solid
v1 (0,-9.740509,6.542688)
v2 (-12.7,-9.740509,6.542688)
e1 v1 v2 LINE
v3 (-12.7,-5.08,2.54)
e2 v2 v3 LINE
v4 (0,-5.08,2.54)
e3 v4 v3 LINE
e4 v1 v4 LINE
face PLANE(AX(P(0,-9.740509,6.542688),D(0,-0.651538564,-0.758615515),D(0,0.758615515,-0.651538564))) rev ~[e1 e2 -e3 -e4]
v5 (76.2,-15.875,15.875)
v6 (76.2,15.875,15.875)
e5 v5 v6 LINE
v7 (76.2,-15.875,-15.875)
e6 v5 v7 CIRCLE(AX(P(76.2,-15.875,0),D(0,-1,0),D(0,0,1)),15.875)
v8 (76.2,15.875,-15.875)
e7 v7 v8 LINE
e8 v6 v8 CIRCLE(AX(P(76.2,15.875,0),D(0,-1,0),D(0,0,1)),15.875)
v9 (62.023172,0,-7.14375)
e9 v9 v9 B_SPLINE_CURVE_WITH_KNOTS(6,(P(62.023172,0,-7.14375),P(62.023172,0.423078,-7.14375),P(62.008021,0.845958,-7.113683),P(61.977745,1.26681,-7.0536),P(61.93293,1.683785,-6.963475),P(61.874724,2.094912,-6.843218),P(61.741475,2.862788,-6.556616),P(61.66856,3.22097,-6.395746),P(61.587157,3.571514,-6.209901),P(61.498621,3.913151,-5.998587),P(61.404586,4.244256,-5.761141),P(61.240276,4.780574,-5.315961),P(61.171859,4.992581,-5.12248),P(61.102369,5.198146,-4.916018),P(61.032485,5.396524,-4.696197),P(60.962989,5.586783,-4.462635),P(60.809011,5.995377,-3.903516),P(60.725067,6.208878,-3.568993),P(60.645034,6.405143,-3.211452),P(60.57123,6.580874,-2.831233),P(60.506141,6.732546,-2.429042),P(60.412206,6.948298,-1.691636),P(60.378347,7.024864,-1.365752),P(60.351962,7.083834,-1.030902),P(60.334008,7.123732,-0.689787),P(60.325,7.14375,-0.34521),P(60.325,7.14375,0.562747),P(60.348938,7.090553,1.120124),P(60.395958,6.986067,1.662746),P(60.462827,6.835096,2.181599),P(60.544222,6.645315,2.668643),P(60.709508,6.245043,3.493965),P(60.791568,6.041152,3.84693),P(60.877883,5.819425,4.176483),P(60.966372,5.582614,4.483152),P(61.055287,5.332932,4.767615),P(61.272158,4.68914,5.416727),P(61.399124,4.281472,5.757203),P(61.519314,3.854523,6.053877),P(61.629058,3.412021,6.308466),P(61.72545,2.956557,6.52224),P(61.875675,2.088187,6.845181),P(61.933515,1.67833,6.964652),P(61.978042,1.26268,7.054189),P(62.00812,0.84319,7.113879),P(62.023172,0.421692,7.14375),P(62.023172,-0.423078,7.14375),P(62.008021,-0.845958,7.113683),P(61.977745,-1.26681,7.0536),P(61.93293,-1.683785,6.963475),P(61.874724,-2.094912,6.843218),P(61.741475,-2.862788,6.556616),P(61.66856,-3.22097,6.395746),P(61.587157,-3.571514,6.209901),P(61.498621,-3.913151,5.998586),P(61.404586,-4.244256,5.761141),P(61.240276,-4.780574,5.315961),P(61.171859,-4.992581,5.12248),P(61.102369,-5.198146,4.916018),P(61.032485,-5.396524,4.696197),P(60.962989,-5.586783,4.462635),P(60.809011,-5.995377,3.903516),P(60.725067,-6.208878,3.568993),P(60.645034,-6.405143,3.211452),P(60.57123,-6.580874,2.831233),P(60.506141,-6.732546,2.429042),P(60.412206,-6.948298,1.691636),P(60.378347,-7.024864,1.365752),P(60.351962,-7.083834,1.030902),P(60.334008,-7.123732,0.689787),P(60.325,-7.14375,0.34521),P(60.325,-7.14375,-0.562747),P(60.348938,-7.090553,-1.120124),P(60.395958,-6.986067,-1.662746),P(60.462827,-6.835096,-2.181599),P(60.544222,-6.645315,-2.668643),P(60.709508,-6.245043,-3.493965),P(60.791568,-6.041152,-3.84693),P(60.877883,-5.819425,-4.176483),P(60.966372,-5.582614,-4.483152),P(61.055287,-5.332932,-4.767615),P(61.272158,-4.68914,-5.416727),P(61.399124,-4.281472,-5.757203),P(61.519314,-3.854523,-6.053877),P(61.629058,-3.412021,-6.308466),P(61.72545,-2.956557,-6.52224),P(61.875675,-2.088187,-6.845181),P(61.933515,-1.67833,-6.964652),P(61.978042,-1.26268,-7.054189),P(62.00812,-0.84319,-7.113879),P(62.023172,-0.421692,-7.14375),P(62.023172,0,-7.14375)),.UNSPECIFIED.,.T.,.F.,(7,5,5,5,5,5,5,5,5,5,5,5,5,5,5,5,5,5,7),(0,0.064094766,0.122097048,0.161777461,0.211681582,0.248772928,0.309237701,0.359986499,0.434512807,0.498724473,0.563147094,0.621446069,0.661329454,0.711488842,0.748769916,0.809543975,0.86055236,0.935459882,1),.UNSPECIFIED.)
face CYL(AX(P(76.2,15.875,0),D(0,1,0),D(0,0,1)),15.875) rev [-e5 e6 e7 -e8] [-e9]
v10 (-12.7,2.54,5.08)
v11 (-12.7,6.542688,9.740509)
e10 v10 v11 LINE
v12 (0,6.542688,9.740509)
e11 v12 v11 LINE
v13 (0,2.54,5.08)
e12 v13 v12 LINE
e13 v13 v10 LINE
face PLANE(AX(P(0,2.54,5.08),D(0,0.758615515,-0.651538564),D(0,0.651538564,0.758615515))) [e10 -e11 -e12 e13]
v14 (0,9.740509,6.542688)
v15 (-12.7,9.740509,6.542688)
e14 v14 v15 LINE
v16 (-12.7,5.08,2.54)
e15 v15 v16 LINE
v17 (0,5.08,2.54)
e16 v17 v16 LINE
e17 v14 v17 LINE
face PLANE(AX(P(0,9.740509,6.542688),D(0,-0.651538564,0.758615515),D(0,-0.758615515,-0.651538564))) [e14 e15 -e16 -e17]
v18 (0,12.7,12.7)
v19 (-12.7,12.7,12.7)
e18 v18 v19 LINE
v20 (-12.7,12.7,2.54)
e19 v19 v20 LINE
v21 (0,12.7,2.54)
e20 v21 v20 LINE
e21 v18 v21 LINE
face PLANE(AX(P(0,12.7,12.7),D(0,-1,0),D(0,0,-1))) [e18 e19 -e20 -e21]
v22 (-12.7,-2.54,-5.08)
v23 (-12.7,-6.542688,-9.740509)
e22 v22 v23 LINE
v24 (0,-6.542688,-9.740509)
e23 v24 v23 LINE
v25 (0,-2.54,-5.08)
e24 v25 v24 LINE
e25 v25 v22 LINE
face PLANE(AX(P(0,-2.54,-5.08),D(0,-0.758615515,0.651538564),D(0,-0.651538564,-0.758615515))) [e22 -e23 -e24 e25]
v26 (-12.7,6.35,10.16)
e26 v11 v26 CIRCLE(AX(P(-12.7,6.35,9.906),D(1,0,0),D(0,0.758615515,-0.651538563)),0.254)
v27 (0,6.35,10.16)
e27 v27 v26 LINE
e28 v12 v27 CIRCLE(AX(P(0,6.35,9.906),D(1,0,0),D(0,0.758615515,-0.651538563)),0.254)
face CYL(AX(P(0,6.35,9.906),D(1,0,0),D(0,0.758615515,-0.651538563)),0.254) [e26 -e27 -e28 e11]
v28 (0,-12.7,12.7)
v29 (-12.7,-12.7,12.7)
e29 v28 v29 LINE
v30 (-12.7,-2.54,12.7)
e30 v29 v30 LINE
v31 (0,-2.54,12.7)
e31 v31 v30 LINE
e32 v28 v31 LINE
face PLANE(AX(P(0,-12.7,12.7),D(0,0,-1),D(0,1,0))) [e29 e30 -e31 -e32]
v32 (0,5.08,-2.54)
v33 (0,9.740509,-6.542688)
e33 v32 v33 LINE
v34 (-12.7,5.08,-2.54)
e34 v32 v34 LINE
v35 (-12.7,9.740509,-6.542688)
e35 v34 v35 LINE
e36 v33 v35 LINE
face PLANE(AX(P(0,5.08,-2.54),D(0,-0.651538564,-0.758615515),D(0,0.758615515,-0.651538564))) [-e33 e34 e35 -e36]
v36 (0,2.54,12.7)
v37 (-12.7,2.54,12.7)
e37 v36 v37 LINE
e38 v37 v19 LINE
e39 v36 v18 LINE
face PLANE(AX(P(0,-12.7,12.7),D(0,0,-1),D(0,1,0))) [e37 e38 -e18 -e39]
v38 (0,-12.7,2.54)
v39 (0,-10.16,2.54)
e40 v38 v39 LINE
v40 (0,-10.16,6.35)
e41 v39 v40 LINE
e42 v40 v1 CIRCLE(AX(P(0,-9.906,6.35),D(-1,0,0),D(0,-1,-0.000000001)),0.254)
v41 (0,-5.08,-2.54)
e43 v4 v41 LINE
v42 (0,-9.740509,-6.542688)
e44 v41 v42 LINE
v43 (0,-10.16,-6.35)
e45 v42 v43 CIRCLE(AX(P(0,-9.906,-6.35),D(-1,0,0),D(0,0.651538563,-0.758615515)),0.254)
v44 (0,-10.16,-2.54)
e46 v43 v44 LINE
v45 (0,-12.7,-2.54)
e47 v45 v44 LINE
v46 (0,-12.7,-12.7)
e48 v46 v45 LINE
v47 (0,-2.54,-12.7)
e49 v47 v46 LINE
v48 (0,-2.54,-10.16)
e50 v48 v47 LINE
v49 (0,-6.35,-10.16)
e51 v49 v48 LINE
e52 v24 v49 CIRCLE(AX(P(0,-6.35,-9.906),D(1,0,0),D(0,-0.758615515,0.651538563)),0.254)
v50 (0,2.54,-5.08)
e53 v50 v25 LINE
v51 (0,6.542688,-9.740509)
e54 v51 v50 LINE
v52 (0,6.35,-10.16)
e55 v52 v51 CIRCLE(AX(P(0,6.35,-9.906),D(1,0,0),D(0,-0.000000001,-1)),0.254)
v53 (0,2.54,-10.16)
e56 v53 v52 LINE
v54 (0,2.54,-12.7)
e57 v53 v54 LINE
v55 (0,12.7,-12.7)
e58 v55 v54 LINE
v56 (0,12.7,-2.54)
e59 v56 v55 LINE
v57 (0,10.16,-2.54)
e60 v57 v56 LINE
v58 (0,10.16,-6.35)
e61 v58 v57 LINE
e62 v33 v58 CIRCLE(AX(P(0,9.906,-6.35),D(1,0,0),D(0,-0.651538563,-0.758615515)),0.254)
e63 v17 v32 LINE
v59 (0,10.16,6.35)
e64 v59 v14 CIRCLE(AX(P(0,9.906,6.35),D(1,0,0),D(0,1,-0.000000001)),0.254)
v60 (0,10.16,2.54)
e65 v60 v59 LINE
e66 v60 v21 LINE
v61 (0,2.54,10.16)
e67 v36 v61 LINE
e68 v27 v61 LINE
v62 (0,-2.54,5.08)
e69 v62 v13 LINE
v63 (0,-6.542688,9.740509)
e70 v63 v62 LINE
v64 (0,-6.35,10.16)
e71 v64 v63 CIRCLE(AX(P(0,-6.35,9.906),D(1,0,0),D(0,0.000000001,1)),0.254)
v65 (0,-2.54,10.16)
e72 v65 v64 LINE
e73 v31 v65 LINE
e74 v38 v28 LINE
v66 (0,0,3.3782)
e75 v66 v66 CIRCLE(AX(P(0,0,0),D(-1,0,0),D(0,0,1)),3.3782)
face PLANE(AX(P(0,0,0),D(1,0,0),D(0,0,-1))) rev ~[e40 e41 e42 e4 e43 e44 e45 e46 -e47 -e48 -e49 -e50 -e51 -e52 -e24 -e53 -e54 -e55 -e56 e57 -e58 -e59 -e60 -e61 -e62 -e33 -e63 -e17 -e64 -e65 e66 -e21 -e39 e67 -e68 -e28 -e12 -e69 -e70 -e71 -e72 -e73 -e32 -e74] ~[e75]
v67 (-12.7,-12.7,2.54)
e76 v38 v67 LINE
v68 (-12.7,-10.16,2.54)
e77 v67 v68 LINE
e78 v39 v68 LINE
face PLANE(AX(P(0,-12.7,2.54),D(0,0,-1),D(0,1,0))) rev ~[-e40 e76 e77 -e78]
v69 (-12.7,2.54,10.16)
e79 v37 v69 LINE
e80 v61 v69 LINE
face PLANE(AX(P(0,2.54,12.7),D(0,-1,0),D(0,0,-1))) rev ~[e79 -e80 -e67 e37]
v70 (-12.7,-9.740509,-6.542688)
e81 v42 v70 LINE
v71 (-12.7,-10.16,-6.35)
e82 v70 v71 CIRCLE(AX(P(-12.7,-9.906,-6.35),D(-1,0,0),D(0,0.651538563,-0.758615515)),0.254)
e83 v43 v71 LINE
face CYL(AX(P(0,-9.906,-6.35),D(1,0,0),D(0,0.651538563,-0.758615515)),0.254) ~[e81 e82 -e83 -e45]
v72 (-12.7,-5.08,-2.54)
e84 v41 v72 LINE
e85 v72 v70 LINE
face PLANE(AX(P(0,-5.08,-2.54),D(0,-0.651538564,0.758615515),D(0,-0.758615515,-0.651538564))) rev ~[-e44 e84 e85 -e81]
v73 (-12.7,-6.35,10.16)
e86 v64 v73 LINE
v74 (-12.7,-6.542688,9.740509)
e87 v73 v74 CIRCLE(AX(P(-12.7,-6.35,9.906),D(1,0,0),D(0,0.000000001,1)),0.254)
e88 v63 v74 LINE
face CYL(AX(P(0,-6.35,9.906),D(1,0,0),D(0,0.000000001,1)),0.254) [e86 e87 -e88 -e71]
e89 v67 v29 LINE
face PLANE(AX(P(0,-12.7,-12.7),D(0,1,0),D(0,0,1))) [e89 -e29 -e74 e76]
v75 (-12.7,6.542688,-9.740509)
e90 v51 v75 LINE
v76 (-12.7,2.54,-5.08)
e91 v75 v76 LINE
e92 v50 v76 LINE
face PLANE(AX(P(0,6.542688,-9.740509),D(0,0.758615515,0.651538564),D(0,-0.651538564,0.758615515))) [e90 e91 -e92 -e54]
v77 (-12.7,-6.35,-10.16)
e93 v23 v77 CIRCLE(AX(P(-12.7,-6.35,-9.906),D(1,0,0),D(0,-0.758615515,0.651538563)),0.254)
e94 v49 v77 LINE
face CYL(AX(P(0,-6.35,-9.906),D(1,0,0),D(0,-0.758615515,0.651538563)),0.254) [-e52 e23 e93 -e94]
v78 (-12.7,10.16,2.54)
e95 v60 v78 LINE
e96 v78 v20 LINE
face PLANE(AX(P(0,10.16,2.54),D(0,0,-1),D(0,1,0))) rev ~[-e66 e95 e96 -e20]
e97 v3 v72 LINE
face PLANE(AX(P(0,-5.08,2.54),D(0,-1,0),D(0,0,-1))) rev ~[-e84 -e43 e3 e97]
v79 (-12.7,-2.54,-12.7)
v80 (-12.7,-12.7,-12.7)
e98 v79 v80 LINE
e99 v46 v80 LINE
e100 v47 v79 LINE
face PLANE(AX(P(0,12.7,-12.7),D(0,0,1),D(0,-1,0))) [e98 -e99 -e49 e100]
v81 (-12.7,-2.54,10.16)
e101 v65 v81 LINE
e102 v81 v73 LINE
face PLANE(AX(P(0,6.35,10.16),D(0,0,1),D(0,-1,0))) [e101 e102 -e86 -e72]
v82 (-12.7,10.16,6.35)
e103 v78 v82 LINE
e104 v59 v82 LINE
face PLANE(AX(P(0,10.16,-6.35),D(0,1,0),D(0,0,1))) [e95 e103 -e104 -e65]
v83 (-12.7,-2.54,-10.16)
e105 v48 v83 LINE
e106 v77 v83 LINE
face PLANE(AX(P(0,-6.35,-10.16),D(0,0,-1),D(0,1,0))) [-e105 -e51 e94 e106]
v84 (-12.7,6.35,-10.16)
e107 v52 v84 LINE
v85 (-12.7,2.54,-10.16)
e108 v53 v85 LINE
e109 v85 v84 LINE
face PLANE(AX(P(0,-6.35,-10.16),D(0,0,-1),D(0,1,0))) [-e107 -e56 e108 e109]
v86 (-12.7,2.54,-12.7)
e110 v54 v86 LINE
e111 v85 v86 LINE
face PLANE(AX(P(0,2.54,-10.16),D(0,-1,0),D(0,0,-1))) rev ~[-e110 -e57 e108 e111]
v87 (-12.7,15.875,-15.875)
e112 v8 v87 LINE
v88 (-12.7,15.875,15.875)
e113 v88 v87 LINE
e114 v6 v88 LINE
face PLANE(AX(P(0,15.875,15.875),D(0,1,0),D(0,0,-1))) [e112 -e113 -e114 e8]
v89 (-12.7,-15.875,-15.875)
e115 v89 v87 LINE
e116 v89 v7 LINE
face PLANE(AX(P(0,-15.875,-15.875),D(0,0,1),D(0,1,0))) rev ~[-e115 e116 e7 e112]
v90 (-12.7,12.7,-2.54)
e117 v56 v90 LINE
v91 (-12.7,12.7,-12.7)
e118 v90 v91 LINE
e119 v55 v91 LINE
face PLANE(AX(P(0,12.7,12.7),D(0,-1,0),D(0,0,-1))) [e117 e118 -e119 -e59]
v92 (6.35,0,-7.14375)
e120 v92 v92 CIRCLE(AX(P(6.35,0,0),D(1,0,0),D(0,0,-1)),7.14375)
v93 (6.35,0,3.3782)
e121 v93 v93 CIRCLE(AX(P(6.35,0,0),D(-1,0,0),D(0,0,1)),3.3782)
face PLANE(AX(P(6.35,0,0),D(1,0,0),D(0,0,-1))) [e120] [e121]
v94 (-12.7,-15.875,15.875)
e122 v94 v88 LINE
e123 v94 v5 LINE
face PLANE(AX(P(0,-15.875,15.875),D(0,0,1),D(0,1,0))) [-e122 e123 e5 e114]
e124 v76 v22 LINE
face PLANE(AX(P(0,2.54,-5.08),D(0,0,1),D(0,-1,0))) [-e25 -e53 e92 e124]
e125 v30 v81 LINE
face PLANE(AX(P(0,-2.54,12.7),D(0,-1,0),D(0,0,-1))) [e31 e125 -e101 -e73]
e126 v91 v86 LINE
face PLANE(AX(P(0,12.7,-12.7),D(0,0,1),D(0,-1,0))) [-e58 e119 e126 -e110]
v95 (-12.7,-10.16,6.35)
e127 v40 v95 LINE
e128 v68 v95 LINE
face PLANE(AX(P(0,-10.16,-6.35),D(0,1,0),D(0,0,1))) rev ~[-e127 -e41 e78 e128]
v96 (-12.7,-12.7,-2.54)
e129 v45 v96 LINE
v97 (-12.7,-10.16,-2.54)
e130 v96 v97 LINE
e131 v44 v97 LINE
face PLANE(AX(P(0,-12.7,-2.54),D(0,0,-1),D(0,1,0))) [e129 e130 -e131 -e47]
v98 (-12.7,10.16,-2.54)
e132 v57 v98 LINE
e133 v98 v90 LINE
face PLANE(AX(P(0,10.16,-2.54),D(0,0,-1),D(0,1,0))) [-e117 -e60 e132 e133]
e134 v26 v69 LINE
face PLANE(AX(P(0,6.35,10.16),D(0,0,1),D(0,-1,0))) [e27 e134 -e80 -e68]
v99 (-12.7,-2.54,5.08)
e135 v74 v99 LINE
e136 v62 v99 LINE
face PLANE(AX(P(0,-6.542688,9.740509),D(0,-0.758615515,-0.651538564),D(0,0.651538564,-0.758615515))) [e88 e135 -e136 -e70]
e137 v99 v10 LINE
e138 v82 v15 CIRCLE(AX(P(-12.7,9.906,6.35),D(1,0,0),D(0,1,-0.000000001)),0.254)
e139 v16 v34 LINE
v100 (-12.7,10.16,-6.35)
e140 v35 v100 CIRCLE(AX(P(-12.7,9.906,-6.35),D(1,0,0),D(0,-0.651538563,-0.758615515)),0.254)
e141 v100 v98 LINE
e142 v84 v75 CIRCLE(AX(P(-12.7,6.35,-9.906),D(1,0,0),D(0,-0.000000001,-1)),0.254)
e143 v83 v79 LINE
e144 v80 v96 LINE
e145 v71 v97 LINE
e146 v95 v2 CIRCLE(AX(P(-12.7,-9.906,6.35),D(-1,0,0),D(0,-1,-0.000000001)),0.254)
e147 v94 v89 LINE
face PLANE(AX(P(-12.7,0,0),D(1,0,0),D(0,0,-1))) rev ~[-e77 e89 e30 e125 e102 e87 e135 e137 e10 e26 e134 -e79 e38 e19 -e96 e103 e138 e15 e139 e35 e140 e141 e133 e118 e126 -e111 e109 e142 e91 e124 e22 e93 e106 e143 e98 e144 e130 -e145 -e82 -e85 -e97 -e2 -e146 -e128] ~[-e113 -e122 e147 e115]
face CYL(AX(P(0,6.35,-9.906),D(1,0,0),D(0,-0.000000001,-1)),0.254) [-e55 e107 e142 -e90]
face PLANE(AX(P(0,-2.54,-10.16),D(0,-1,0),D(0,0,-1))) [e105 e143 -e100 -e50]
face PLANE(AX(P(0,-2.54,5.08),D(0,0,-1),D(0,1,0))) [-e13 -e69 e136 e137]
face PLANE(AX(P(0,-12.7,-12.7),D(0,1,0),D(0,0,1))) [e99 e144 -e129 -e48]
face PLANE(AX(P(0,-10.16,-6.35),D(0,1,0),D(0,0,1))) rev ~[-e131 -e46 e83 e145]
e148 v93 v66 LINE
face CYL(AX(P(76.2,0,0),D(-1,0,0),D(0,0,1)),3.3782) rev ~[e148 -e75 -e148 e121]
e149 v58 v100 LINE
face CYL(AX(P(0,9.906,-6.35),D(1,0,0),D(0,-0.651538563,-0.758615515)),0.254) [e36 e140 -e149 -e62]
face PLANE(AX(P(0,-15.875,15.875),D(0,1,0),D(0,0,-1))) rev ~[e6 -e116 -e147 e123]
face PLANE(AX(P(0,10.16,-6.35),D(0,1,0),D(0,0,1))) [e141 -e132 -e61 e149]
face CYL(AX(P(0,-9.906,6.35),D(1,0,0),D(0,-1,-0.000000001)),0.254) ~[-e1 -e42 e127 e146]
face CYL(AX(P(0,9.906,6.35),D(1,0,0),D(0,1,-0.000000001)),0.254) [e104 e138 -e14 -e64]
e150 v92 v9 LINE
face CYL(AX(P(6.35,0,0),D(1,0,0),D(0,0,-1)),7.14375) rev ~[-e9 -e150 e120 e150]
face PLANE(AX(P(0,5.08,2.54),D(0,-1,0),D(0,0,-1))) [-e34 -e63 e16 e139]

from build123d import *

# Parameters (mm, degrees)
SKETCH10_W                                           = 31.75
SKETCH10_H                                           = 31.75
SKETCH10_W_2                                         = 2.54
SKETCH10_H_2                                         = 5.08
SKETCH10_W_3                                         = 5.08
SKETCH10_H_3                                         = 2.54
BOSS_EXTRUDE3_DEPTH                                  = 12.7
SKETCH11_W                                           = 31.75
SKETCH11_H                                           = 31.75
BOSS_EXTRUDE4_DEPTH                                  = 76.2
CBORE_FOR_1_4_BINDING_HEAD_MACHINE_SCREW_D           = 6.7564
CBORE_FOR_1_4_BINDING_HEAD_MACHINE_SCREW_CBORE_D     = 14.2875
CBORE_FOR_1_4_BINDING_HEAD_MACHINE_SCREW_CBORE_DEPTH = 69.85
CUT_EXTRUDE1_DEPTH                                   = 31.75


with BuildPart() as part:
    # Sketch10 → Boss-Extrude3 (new body)
    # profile 1 of 9: a face of its own
    with BuildSketch(Plane(origin=(0, 0, 0), x_dir=(0, 0, -1), z_dir=(1, 0, 0))):
        Rectangle(SKETCH10_W, SKETCH10_H)
        Polygon((-2.54, 12.7), (2.54, 12.7), (12.7, 12.7), (12.7, 2.54), (12.7, -2.54), (12.7, -12.7), (2.54, -12.7), (-2.54, -12.7), (-12.7, -12.7), (-12.7, -2.54), (-12.7, 2.54), (-12.7, 12.7), align=None, mode=Mode.SUBTRACT)
    # profile 2 of 9: a face of its own
    with BuildSketch(Plane(origin=(0, 0, 0), x_dir=(0, 0, -1), z_dir=(1, 0, 0))):
        with Locations((11.43, 0)):
            Rectangle(SKETCH10_W_2, SKETCH10_H_2)
    # profile 3 of 9: a face of its own
    with BuildSketch(Plane(origin=(0, 0, 0), x_dir=(0, 0, -1), z_dir=(1, 0, 0))):
        with BuildLine():
            Line((10.16, -2.54), (10.16, 2.54))
            Line((10.16, 2.54), (10.16, 6.35))
            ThreePointArc((10.16, 6.35), (10.012022021, 6.580814495), (9.740509205, 6.542688341))
            Line((9.740509205, 6.542688341), (5.08, 2.54))
            Line((5.08, 2.54), (5.08, -2.54))
            Line((5.08, -2.54), (9.740509205, -6.542688341))
            ThreePointArc((9.740509205, -6.542688341), (10.012022021, -6.580814495), (10.16, -6.35))
            Line((10.16, -6.35), (10.16, -2.54))
        make_face()
    # profile 4 of 9: a face of its own
    with BuildSketch(Plane(origin=(0, 0, 0), x_dir=(0, 0, -1), z_dir=(1, 0, 0))):
        with Locations((0, -11.43)):
            Rectangle(SKETCH10_W_3, SKETCH10_H_3)
    # profile 5 of 9: a face of its own
    with BuildSketch(Plane(origin=(0, 0, 0), x_dir=(0, 0, -1), z_dir=(1, 0, 0))):
        with BuildLine():
            ThreePointArc((6.542688341, -9.740509205), (6.580814495, -10.012022021), (6.35, -10.16))
            Line((6.35, -10.16), (-6.35, -10.16))
            ThreePointArc((-6.35, -10.16), (-6.580814495, -10.012022021), (-6.542688341, -9.740509205))
            Line((-6.542688341, -9.740509205), (-2.54, -5.08))
            Line((-2.54, -5.08), (2.54, -5.08))
            Line((2.54, -5.08), (6.542688341, -9.740509205))
        make_face()
    # profile 6 of 9: a face of its own
    with BuildSketch(Plane(origin=(0, 0, 0), x_dir=(0, 0, -1), z_dir=(1, 0, 0))):
        with Locations((0, 11.43)):
            Rectangle(SKETCH10_W_3, SKETCH10_H_3)
    # profile 7 of 9: a face of its own
    with BuildSketch(Plane(origin=(0, 0, 0), x_dir=(0, 0, -1), z_dir=(1, 0, 0))):
        with BuildLine():
            Line((6.35, 10.16), (-6.35, 10.16))
            ThreePointArc((-6.35, 10.16), (-6.580814495, 10.012022021), (-6.542688341, 9.740509205))
            Line((-6.542688341, 9.740509205), (-2.54, 5.08))
            Line((-2.54, 5.08), (2.54, 5.08))
            Line((2.54, 5.08), (6.542688341, 9.740509205))
            ThreePointArc((6.542688341, 9.740509205), (6.580814495, 10.012022021), (6.35, 10.16))
        make_face()
    # profile 8 of 9: a face of its own
    with BuildSketch(Plane(origin=(0, 0, 0), x_dir=(0, 0, -1), z_dir=(1, 0, 0))):
        with BuildLine():
            Line((-5.08, 2.54), (-9.740509205, 6.542688341))
            ThreePointArc((-9.740509205, 6.542688341), (-10.012022021, 6.580814495), (-10.16, 6.35))
            Line((-10.16, 6.35), (-10.16, -6.35))
            ThreePointArc((-10.16, -6.35), (-10.012022021, -6.580814495), (-9.740509205, -6.542688341))
            Line((-9.740509205, -6.542688341), (-5.08, -2.54))
            Line((-5.08, -2.54), (-5.08, 2.54))
        make_face()
    # profile 9 of 9: a face of its own
    with BuildSketch(Plane(origin=(0, 0, 0), x_dir=(0, 0, -1), z_dir=(1, 0, 0))):
        with Locations((-11.43, 0)):
            Rectangle(SKETCH10_W_2, SKETCH10_H_2)
    extrude(amount=-BOSS_EXTRUDE3_DEPTH)

    # Sketch11 → Boss-Extrude4 (add)
    with BuildSketch(Plane(origin=(0, 0, 0), x_dir=(0, 0, -1), z_dir=(1, 0, 0))):
        Rectangle(SKETCH11_W, SKETCH11_H)
    extrude(amount=BOSS_EXTRUDE4_DEPTH)

    # CBORE for 1/4 Binding Head Machine Screw1 (through all)
    with Locations(Plane(origin=(76.2, 0, 0), x_dir=(0, 0, -1), z_dir=(1, 0, 0))):
        with Locations((0, 0)):
            CounterBoreHole(CBORE_FOR_1_4_BINDING_HEAD_MACHINE_SCREW_D / 2, CBORE_FOR_1_4_BINDING_HEAD_MACHINE_SCREW_CBORE_D / 2, CBORE_FOR_1_4_BINDING_HEAD_MACHINE_SCREW_CBORE_DEPTH)

    # Sketch15 → Cut-Extrude1 (cut)
    with BuildSketch(Plane(origin=(0, 15.875, 0), x_dir=(1, 0, 0), z_dir=(0, 1, 0))):
        with BuildLine():
            Line((76.2, 15.875), (76.2, -15.875))
            ThreePointArc((76.2, -15.875), (60.325, 0), (76.2, 15.875))
        make_face()
    extrude(amount=-CUT_EXTRUDE1_DEPTH, mode=Mode.SUBTRACT)


solid = part.part
